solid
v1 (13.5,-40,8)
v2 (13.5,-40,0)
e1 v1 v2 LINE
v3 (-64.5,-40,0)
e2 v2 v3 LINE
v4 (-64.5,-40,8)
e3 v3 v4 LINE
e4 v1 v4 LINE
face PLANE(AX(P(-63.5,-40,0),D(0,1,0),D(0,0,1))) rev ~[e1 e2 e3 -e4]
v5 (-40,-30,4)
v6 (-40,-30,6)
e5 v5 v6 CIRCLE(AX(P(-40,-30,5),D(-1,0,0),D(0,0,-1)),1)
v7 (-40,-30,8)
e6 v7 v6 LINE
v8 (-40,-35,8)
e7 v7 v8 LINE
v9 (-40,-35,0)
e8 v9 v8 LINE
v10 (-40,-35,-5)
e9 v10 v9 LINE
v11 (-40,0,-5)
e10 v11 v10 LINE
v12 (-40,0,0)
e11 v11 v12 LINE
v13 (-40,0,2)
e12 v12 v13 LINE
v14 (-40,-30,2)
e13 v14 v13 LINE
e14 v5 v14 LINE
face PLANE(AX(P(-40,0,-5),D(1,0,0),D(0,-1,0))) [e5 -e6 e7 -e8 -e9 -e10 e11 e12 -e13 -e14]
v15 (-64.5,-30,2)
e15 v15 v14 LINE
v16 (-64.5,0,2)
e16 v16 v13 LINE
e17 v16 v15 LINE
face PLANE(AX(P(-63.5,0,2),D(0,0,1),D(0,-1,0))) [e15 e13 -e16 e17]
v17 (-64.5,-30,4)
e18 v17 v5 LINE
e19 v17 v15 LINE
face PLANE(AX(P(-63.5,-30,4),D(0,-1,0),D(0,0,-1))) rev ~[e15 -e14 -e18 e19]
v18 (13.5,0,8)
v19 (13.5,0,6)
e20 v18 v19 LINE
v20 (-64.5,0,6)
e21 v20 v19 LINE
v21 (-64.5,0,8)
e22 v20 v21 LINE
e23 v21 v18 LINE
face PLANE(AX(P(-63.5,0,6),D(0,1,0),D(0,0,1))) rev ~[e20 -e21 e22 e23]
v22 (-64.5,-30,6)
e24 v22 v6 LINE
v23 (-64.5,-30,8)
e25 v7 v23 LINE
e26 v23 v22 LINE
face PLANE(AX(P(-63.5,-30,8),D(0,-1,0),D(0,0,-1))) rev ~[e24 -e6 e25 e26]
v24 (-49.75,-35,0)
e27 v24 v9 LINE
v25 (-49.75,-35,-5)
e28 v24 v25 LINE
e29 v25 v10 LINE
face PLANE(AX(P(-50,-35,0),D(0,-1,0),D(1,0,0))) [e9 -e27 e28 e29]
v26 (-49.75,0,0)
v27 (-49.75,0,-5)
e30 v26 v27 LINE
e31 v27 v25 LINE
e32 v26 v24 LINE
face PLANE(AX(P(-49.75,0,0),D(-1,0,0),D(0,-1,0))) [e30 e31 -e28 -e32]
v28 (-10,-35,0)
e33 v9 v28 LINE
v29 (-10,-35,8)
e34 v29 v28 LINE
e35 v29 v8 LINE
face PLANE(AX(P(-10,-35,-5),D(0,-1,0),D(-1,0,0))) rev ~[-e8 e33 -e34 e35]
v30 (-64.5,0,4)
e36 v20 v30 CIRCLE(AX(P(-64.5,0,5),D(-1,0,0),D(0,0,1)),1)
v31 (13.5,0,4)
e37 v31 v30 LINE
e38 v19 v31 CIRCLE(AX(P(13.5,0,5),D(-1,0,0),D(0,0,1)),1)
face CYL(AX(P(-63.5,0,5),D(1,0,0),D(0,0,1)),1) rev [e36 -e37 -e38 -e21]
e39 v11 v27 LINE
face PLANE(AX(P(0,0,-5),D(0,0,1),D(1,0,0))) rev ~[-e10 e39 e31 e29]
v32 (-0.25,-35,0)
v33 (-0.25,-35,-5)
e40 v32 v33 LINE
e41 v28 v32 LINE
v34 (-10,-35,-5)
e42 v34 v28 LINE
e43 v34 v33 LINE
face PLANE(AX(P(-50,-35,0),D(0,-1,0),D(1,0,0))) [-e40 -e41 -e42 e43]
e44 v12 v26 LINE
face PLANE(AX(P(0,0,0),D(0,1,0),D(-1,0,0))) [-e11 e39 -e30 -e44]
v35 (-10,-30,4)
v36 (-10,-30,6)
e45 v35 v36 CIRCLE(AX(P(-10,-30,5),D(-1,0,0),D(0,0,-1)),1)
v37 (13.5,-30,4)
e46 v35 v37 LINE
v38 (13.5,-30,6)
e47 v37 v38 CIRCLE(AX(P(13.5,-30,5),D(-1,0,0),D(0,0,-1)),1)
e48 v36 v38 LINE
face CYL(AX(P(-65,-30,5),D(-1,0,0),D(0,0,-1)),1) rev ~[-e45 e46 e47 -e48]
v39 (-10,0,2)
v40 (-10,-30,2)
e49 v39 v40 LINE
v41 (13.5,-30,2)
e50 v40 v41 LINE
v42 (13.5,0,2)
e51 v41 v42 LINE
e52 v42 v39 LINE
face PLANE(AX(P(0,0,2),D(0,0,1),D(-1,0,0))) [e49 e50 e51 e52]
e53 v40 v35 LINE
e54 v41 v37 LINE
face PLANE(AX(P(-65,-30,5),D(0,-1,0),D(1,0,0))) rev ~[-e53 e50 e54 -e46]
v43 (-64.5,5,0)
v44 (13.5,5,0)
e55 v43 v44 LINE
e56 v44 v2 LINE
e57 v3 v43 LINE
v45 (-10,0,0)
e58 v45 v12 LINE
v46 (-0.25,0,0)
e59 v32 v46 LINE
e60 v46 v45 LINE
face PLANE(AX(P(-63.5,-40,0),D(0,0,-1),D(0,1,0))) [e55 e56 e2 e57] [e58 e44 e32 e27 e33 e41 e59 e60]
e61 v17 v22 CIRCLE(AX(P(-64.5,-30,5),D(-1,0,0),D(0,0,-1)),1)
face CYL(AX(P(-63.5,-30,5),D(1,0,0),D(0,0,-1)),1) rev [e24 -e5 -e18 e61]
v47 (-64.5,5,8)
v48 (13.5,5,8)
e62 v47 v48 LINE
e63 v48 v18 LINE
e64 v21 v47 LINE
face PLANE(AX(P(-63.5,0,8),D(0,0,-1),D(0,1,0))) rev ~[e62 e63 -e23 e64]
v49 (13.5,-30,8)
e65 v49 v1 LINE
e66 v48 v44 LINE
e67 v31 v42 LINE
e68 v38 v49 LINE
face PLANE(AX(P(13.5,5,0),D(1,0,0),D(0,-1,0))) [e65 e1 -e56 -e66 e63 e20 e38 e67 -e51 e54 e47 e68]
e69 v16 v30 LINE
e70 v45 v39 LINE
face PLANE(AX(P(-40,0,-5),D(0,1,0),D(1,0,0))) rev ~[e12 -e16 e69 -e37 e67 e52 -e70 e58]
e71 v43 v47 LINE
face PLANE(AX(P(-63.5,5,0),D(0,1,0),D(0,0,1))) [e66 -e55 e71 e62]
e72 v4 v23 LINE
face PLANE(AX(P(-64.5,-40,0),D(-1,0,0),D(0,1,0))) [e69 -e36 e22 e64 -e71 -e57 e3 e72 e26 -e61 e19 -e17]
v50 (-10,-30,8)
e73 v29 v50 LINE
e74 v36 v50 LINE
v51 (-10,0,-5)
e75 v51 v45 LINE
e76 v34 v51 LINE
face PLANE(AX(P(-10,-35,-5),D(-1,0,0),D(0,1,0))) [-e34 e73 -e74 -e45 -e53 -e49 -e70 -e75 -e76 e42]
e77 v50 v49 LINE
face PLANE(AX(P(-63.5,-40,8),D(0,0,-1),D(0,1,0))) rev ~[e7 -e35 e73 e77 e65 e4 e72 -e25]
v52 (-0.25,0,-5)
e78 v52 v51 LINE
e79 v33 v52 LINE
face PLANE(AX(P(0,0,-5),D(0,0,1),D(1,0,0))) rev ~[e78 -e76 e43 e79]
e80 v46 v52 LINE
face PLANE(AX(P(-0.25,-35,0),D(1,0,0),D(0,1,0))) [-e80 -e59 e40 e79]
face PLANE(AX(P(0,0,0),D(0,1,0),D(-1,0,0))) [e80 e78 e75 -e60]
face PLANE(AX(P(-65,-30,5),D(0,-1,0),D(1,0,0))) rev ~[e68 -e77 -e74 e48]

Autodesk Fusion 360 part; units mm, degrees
sketch "スケッチ1" plane through (0, 0, 0) normal (0, 0, 1) x (1, 0, 0)
  line L0 (0, 0) -> (-50, 0)
  line L1 (-50, 0) -> (-50, -35)
  line L2 (-50, -35) -> (0, -35)
  line L3 (0, -35) -> (0, 0)
  line L4 (-65, 5) -> (15, 5)
  line L5 (15, 5) -> (15, -40)
  line L6 (15, -40) -> (-65, -40)
  line L7 (-65, -40) -> (-65, 5)
extrude "押し出し1" add sketch "スケッチ1" against normal blind 5 contours L0 L1 L2 L3
extrude "押し出し2" add sketch "スケッチ1" along normal blind 5 contours L0 L1 L2 L3 | L4 L5 L6 L7
sketch "スケッチ2" plane through (0, 0, 5) normal (0, 0, 1) x (-1, 0, 0)
  line L0 (65, 40) -> (-15, 40)
  line L1 (-15, 40) -> (-15, -5)
  line L2 (-15, -5) -> (65, -5)
  line L3 (65, -5) -> (65, 40)
  line L4 (-15, 0) -> (65, 0)
  line L5 (65, 0) -> (65, 30)
  line L6 (65, 30) -> (-15, 30)
  line L7 (-15, 30) -> (-15, 0)
extrude "押し出し3" cut sketch "スケッチ2" against normal blind 3 contours L1 L3 L4 L5 L6 L7
sketch "スケッチ3" plane through (0, 0, -5) normal (0, 0, -1) x (1, 0, 0)
  line L0 (0, 0) -> (0, 35)
  line L1 (0, 35) -> (-50, 35)
  line L2 (-50, 35) -> (-50, 0)
  line L3 (-50, 0) -> (0, 0)
  line L4 (-10, 0) -> (-40, 0)
  line L5 (-40, 0) -> (-40, 35)
  line L6 (-40, 35) -> (-10, 35)
  line L7 (-10, 35) -> (-10, 0)
extrude "押し出し4" cut sketch "スケッチ3" against normal blind 10 contours L1 L3 L4 L5 L6 L7
extrude "押し出し5" add 2 faces at (-38.3333, 3.3333, 5) (-56.6667, -35, 5) along direction (0, 0, 1) blind 3
sketch "スケッチ4" plane through (-65, 0, 0) normal (-1, 0, 0) x (0, -1, 0)
  line L0 (0, 2) -> (0, 8)
  line L1 (0, 8) -> (-5, 8)
  line L2 (-5, 8) -> (-5, 0)
  line L3 (-5, 0) -> (40, 0)
  line L4 (40, 0) -> (40, 8)
  line L5 (40, 8) -> (30, 8)
  line L6 (30, 8) -> (30, 2)
  line L7 (30, 2) -> (0, 2)
  line L8 (0, 5) -> (30, 5)
  line L9 (0, 4) -> (30, 4)
  arc A0 (30, 4) -> (30, 6) centre (30, 5) ccw
  line L10 (30, 6) -> (0, 6)
  arc A1 (0, 6) -> (0, 4) centre (0, 5) ccw
  line L11 (0, 5) -> (30, 5) construction
extrude "押し出し6" cut sketch "スケッチ4" against normal blind 80 contours L0 A1 | L6 A0
sketch "スケッチ5" plane through (0, 0, -5) normal (0, 0, -1) x (1, 0, 0)
  line L0 (-40, 0) -> (-40, 35)
  line L1 (-40, 35) -> (-50, 35)
  line L2 (-50, 35) -> (-50, 0)
  line L3 (-50, 0) -> (-40, 0)
extrude "押し出し7" cut 1 faces at (-65, -36.9916, 4.2592) along direction (1, 0, 0) blind 1
extrude "押し出し8" cut 1 faces at (-64, -36.9916, 4.2592) along direction (1, 0, 0) blind 1
extrude "押し出し9" cut 1 faces at (15, -36.9916, 4.2592) along direction (-1, 0, 0) blind 1
extrude "押し出し10" add 1 faces at (-63, -36.9916, 4.2592) along direction (-1, 0, 0) blind 0.5
extrude "押し出し11" cut 1 faces at (14, -36.9916, 4.2592) along direction (-1, 0, 0) blind 0.5
extrude "押し出し12" cut 1 faces at (0, -23.3333, -3.3333) along direction (-1, 0, 0) blind 0.25
extrude "押し出し13" cut 1 faces at (-50, -11.6667, -3.3333) along direction (1, 0, 0) blind 0.25
extrude "押し出し14" add 1 faces at (-63.5, -36.9916, 4.2592) along direction (-1, 0, 0) blind 1
